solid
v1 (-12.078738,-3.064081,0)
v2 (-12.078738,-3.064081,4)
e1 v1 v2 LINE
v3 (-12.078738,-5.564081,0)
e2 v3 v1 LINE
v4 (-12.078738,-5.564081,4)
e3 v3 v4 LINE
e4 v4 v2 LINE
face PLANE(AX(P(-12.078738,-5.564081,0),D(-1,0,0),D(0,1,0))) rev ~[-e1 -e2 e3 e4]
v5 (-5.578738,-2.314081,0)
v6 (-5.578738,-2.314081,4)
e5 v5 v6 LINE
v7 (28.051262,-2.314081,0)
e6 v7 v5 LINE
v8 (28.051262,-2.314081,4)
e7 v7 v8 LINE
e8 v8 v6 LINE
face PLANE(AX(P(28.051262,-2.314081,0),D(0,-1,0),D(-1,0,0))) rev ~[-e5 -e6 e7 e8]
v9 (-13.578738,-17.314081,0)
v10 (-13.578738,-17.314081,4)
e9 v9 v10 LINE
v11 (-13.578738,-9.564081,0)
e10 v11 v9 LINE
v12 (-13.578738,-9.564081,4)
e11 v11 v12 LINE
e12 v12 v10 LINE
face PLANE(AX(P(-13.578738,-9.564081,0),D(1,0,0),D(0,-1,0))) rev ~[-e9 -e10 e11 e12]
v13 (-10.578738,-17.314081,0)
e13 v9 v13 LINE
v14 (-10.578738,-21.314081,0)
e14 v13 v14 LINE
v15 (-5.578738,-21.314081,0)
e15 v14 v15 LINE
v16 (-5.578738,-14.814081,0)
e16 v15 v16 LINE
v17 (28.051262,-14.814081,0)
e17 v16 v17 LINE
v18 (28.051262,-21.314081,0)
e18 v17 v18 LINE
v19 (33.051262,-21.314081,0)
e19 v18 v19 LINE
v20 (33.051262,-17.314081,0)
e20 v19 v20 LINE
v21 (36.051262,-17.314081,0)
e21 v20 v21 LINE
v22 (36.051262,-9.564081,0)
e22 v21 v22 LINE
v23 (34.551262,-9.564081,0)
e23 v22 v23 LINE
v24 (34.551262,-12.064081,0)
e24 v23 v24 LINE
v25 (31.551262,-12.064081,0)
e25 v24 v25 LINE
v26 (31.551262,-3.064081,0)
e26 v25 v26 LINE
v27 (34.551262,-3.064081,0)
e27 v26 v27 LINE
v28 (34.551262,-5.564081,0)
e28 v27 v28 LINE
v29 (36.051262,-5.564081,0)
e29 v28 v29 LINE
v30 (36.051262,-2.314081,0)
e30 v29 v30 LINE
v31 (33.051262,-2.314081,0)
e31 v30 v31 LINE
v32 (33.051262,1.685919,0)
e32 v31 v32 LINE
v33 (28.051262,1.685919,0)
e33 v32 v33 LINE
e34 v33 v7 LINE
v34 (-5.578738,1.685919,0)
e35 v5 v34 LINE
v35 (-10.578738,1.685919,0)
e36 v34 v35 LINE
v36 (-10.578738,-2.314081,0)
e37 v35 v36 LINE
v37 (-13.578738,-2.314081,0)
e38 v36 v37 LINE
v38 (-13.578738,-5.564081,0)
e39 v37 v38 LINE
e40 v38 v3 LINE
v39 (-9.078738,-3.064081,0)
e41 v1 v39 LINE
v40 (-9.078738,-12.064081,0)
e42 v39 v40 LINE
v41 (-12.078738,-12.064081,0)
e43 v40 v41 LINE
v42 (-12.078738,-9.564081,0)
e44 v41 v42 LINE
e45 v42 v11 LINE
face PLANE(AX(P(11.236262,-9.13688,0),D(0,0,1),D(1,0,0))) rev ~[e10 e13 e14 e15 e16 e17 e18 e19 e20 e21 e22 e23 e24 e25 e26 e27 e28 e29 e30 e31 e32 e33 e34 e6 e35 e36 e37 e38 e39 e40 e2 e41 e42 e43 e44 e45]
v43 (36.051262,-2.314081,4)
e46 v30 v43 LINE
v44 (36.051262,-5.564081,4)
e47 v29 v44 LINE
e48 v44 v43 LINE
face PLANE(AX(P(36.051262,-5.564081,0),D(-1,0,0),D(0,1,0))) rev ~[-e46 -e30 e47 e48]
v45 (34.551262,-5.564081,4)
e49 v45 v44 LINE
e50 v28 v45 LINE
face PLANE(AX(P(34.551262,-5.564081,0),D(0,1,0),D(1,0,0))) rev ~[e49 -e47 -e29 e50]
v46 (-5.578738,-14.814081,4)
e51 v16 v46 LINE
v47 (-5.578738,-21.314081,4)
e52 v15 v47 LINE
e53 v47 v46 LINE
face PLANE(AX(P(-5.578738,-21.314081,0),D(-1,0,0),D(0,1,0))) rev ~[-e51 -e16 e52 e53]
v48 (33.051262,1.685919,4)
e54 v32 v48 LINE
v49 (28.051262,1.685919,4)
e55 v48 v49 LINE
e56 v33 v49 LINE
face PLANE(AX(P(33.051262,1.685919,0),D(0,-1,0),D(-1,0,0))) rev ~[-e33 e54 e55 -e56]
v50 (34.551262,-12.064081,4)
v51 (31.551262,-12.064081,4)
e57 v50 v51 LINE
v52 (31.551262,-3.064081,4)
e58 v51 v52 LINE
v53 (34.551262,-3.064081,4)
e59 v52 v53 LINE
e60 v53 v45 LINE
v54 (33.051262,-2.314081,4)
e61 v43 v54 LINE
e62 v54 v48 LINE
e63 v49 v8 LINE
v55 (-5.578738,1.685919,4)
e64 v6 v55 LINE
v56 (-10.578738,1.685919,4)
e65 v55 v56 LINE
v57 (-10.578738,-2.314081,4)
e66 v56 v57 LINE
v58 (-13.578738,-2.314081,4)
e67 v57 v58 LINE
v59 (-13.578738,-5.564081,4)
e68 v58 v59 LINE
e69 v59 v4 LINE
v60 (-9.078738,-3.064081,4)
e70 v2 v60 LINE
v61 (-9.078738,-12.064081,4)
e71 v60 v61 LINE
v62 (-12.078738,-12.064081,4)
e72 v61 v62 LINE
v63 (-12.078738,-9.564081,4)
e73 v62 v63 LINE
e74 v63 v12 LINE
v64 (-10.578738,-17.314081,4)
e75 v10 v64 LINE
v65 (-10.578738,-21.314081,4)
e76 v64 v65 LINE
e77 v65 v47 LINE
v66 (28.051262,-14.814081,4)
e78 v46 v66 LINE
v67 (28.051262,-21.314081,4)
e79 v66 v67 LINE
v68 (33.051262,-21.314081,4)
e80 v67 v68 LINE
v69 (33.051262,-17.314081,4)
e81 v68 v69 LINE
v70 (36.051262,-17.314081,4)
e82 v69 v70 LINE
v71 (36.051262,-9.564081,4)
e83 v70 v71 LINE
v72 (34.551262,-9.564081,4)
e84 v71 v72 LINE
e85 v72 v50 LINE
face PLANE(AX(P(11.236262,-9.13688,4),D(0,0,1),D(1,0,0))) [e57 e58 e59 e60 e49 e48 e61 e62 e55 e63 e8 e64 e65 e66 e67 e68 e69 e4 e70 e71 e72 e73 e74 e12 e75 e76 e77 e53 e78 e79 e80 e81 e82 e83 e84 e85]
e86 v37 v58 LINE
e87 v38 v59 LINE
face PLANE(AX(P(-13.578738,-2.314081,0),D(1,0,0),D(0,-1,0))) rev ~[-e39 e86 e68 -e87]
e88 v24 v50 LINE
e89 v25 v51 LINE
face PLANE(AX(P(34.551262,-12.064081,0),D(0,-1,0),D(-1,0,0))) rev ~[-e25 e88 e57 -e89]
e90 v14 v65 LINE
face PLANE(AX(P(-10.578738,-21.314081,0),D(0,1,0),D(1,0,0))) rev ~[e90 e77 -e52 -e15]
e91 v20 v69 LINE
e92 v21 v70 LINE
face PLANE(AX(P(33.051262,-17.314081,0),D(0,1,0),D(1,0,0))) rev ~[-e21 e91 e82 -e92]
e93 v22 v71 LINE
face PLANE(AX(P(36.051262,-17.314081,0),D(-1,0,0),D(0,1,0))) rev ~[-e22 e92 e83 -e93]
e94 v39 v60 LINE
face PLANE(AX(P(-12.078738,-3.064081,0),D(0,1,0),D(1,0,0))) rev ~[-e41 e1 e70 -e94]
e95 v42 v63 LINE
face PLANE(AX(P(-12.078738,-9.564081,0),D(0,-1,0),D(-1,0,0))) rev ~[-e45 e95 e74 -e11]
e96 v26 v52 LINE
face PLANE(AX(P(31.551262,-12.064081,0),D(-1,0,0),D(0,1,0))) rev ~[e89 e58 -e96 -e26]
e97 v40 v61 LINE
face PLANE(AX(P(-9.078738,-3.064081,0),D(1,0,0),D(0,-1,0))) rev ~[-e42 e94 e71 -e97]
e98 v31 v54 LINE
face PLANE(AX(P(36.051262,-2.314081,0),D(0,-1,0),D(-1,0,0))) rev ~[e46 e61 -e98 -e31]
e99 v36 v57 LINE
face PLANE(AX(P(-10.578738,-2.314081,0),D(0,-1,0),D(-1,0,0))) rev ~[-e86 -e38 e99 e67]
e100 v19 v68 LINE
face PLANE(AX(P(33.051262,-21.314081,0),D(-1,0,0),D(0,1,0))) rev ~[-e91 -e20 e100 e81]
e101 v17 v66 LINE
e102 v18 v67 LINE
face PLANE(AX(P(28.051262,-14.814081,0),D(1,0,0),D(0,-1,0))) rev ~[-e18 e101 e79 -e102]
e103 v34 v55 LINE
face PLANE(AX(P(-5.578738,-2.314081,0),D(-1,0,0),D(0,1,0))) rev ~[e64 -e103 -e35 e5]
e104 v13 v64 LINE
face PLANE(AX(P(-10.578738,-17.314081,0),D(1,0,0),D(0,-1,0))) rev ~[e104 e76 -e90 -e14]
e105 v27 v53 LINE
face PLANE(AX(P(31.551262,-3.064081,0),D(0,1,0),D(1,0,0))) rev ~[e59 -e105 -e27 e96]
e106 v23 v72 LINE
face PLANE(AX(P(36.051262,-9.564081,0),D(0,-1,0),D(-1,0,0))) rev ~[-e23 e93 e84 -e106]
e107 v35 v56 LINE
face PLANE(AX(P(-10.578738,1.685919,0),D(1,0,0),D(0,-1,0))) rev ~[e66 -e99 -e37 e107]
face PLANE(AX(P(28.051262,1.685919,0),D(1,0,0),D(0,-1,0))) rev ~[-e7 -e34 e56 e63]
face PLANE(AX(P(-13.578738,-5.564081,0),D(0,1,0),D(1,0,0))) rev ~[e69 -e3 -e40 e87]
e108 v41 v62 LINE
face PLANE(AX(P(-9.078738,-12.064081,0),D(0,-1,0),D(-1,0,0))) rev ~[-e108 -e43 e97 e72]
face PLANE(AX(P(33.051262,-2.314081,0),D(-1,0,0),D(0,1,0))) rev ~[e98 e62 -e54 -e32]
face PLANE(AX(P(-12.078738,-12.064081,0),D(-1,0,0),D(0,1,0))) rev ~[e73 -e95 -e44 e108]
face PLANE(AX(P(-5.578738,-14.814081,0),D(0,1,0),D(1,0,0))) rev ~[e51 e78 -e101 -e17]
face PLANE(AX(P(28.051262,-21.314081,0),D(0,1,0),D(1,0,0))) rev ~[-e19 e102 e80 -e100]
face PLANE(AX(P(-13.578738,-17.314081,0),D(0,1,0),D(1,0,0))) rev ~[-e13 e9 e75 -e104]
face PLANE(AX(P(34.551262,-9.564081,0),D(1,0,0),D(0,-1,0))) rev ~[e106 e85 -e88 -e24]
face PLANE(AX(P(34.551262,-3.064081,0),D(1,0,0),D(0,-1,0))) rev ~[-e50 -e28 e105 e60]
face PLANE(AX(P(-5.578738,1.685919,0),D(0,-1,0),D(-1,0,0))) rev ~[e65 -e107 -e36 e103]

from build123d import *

# Parameters (mm, degrees)
SALIENTE_EXTRUIR1_DEPTH = 4


with BuildPart() as part:
    # Croquis1 → Saliente-Extruir1 (new body)
    with BuildSketch(Plane.XY):
        Polygon((-12.07873839, -9.564080858), (-13.57873839, -9.564080858), (-13.57873839, -17.314080858), (-10.57873839, -17.314080858), (-10.57873839, -21.314080858), (-5.57873839, -21.314080858), (-5.57873839, -17.314080858), (-5.57873839, -14.814080858), (28.05126161, -14.814080858), (28.05126161, -17.314080858), (28.05126161, -21.314080858), (33.05126161, -21.314080858), (33.05126161, -17.314080858), (36.05126161, -17.314080858), (36.05126161, -9.564080858), (34.55126161, -9.564080858), (34.55126161, -12.064080858), (31.55126161, -12.064080858), (31.55126161, -3.064080858), (34.55126161, -3.064080858), (34.55126161, -5.564080858), (36.05126161, -5.564080858), (36.05126161, -2.314080858), (33.05126161, -2.314080858), (33.05126161, 1.685919142), (28.05126161, 1.685919142), (28.05126161, -2.314080858), (-5.57873839, -2.314080858), (-5.57873839, 1.685919142), (-10.57873839, 1.685919142), (-10.57873839, -2.314080858), (-13.57873839, -2.314080858), (-13.57873839, -5.564080858), (-12.07873839, -5.564080858), (-12.07873839, -3.064080858), (-9.07873839, -3.064080858), (-9.07873839, -12.064080858), (-12.07873839, -12.064080858), align=None)
    extrude(amount=SALIENTE_EXTRUIR1_DEPTH)


solid = part.part
